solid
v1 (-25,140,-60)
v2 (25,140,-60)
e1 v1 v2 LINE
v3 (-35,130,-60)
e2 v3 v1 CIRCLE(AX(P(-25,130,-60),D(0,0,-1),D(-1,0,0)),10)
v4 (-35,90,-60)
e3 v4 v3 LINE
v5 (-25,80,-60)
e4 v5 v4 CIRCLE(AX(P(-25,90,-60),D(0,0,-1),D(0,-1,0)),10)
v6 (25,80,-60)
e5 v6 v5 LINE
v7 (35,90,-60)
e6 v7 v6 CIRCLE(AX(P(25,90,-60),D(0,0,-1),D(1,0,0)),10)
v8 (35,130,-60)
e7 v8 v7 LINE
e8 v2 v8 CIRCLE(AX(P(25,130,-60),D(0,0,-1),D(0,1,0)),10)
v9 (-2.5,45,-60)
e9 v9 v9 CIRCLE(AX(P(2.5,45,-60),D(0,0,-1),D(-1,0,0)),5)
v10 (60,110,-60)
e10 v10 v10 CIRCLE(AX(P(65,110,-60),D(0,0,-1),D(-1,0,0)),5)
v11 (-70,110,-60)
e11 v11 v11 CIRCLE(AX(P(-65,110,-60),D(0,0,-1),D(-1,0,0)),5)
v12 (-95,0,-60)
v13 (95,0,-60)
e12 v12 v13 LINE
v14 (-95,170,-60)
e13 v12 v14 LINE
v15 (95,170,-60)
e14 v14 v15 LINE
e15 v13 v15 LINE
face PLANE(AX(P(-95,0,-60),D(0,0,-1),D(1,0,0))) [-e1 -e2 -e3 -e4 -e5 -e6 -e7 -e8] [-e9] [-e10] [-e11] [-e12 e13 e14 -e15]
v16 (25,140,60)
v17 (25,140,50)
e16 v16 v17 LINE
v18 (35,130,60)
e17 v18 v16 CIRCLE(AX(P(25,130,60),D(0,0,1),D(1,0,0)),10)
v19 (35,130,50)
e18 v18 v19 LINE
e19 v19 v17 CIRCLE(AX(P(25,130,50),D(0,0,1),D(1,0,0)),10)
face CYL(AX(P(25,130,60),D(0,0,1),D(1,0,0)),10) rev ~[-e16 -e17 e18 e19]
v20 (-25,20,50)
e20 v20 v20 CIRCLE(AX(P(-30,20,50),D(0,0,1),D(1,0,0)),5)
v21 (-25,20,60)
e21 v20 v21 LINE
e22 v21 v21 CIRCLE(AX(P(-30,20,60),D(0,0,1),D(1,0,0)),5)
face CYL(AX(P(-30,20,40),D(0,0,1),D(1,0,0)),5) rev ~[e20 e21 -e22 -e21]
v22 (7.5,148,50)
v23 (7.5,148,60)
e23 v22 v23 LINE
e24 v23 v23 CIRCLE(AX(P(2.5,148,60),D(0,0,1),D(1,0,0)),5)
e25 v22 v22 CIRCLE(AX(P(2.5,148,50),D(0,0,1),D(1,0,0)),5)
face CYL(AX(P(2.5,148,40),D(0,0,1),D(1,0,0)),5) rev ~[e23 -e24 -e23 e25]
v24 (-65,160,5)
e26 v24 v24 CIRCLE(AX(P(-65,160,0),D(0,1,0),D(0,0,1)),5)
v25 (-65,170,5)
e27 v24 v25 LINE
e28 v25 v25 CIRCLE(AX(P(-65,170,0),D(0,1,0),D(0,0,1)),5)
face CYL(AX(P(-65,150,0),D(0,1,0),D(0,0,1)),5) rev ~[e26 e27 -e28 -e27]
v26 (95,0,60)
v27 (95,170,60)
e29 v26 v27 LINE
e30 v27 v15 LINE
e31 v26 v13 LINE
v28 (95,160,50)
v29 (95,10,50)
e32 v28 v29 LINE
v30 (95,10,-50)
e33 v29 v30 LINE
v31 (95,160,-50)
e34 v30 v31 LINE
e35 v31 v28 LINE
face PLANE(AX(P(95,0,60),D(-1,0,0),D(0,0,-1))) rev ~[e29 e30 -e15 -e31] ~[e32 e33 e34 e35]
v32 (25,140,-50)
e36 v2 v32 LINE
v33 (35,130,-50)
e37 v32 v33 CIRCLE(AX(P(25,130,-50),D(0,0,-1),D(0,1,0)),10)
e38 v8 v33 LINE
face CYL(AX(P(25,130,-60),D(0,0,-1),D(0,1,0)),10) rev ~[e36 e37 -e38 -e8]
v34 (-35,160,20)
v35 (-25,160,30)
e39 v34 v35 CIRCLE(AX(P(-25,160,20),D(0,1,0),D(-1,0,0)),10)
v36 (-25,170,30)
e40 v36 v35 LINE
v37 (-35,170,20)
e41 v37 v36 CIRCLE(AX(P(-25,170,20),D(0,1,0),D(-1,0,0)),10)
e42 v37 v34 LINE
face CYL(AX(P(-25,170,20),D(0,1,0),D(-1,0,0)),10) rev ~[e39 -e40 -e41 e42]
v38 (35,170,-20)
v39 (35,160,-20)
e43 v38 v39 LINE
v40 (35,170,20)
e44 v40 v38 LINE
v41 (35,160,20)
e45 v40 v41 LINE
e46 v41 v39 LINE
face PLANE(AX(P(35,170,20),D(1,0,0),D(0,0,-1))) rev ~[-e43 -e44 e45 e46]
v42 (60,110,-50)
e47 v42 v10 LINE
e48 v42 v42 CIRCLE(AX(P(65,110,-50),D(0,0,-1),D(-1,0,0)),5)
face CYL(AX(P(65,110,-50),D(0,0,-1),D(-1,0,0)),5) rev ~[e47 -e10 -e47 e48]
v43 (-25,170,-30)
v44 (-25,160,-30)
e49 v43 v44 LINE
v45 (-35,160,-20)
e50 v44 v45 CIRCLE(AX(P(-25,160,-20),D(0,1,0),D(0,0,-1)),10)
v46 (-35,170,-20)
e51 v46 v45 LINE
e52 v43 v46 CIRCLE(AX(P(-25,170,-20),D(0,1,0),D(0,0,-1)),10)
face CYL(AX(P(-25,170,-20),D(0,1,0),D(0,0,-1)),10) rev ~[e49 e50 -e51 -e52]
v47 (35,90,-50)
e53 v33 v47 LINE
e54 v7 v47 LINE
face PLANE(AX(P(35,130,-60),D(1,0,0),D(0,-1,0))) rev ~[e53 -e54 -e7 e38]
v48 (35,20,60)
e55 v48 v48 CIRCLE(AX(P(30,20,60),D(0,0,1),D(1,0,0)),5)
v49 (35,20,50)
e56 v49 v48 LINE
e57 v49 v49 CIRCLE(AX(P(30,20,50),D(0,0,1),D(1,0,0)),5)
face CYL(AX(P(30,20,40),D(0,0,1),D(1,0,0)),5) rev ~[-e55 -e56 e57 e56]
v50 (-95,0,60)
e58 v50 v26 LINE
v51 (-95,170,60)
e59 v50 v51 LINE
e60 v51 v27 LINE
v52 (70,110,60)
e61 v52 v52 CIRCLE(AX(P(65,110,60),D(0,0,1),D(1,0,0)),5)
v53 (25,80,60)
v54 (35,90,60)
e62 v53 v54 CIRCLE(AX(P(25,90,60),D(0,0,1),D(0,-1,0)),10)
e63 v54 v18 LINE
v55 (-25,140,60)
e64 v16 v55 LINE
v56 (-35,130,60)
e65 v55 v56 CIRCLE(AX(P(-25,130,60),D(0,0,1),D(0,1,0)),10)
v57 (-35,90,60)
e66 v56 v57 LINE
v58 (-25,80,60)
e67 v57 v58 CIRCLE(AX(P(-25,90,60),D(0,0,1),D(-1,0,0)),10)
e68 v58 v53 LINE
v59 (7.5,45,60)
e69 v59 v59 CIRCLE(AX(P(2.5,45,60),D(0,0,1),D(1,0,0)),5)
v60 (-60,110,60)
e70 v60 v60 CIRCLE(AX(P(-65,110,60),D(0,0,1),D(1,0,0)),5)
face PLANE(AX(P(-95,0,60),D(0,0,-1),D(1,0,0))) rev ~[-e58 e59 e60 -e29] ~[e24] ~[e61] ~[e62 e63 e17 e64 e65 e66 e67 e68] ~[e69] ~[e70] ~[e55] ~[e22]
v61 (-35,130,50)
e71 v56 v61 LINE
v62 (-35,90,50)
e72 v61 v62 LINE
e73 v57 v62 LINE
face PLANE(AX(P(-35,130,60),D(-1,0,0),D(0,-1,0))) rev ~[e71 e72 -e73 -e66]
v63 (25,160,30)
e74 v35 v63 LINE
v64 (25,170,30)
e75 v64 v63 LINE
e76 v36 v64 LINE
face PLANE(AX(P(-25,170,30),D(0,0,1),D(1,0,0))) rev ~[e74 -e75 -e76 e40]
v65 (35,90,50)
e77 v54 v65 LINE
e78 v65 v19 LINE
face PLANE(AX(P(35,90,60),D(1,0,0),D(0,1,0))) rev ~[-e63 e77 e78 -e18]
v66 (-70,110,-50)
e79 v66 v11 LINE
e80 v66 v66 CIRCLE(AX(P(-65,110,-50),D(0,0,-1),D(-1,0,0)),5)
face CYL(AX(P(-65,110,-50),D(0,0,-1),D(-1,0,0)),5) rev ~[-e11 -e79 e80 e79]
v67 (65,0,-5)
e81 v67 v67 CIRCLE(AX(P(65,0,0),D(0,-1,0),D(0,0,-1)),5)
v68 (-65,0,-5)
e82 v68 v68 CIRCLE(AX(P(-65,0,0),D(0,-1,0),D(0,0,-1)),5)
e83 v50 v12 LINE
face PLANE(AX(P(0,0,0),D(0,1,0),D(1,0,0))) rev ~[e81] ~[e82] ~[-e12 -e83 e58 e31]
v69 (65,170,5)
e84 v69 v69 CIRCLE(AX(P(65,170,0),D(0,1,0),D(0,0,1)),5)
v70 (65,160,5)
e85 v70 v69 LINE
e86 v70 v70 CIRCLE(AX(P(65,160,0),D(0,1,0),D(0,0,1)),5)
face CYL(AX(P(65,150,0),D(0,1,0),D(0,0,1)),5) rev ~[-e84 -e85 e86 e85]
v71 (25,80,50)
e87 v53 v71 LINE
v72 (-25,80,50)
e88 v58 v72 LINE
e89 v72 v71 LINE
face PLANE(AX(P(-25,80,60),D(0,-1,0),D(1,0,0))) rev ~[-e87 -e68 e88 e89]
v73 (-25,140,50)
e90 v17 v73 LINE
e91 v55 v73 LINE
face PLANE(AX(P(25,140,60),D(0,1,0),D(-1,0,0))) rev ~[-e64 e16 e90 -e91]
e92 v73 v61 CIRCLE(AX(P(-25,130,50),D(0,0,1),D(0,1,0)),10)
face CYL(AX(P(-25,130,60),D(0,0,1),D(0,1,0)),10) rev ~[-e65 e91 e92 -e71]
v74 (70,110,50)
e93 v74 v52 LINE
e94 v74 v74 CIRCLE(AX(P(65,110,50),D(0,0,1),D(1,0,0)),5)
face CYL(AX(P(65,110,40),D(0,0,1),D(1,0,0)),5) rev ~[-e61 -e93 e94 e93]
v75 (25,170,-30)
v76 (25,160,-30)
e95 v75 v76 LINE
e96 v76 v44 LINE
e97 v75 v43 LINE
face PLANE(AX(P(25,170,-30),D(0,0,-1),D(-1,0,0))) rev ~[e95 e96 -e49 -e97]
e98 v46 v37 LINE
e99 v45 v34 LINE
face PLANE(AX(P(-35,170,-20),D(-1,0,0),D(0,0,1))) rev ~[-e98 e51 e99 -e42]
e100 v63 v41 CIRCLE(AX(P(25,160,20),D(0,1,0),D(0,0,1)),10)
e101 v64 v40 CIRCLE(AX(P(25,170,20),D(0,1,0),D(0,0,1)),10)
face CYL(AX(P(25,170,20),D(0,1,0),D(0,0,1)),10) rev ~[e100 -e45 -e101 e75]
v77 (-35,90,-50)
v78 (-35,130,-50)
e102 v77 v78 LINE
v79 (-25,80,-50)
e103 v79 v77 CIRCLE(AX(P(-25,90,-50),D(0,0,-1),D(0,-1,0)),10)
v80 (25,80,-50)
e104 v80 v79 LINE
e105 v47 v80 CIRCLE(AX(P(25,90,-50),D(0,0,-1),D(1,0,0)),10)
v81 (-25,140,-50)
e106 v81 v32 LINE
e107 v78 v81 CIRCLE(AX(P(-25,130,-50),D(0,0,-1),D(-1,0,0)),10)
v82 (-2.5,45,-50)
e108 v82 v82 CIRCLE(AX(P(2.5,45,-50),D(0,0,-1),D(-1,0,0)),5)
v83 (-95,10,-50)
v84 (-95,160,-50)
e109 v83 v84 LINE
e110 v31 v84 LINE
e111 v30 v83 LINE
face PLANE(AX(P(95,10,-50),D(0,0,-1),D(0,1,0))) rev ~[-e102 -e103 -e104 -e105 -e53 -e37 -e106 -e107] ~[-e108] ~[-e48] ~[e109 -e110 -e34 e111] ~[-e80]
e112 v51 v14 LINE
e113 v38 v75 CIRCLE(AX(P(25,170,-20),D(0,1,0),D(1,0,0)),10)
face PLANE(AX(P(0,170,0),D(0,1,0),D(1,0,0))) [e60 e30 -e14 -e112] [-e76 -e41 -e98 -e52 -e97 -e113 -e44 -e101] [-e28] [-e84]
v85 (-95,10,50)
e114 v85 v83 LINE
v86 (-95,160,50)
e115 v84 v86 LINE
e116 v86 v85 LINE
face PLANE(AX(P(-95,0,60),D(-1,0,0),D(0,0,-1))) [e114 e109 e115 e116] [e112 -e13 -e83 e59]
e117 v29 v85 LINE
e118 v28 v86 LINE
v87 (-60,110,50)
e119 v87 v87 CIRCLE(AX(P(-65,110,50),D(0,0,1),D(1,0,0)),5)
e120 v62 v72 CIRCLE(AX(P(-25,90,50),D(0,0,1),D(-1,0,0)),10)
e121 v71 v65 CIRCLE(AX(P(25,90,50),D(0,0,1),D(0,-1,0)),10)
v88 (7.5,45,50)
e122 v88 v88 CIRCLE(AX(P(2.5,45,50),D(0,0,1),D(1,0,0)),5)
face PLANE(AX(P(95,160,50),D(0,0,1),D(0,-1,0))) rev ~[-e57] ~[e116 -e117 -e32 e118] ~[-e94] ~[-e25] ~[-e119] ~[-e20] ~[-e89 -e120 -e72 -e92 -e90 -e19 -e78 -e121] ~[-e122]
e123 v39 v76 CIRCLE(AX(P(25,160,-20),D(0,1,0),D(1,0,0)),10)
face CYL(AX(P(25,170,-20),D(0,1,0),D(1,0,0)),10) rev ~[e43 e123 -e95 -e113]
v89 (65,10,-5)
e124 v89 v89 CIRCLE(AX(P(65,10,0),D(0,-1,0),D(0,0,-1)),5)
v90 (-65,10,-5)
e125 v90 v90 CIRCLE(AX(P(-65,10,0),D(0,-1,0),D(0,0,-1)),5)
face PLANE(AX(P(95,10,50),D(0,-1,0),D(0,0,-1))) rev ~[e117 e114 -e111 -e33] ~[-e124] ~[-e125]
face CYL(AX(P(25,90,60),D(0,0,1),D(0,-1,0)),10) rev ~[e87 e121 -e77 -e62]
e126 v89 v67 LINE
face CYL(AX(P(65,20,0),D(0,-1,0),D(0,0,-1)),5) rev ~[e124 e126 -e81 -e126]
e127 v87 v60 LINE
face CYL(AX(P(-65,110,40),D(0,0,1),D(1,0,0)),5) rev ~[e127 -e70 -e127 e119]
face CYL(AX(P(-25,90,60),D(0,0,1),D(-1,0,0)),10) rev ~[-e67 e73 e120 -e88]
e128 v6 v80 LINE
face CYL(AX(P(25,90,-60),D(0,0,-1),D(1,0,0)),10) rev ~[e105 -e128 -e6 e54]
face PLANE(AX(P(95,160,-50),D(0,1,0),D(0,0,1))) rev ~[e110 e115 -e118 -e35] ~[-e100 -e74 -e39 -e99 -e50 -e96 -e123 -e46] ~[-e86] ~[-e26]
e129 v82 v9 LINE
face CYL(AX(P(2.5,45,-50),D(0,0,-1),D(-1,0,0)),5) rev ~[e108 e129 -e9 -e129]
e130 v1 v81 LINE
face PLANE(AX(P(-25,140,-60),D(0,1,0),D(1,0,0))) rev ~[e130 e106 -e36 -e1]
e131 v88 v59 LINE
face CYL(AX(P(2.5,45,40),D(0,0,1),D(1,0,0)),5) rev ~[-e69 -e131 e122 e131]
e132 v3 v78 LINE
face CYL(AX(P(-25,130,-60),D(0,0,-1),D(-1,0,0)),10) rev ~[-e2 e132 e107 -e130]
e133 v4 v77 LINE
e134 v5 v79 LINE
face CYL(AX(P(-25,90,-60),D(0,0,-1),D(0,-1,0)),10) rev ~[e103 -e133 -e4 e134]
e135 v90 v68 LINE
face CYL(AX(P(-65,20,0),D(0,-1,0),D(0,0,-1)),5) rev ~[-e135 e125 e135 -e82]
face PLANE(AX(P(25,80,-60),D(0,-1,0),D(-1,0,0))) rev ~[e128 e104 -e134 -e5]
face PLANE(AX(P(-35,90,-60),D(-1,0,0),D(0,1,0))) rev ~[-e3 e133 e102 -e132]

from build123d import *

# Parameters (mm, degrees)
SKETCH1_W                        = 190
SKETCH1_H                        = 120
BOSS_EXTRUDE1_DEPTH              = 170
SKETCH2_W                        = 50
SKETCH2_H                        = 75
CUT_EXTRUDE1_DEPTH               = 190
CUT_EXTRUDE2_DEPTH               = 15
CUT_EXTRUDE3_DEPTH               = 15
CUT_EXTRUDE4_DEPTH               = 15
M10X1_0_TAPPED_HOLE1_D           = 9
M10X1_0_TAPPED_HOLE1_DEPTH       = 23
M10X1_0_TAPPED_HOLE1_CBORE_D     = 10
M10X1_0_TAPPED_HOLE1_CBORE_DEPTH = 20
M10X1_0_TAPPED_HOLE1_TIP         = 2.703872786
M10X1_0_TAPPED_HOLE2_D           = 9
M10X1_0_TAPPED_HOLE2_DEPTH       = 23
M10X1_0_TAPPED_HOLE2_CBORE_D     = 10
M10X1_0_TAPPED_HOLE2_CBORE_DEPTH = 20
M10X1_0_TAPPED_HOLE2_TIP         = 2.703872786
M10X1_0_TAPPED_HOLE3_D           = 9
M10X1_0_TAPPED_HOLE3_DEPTH       = 23
M10X1_0_TAPPED_HOLE3_CBORE_D     = 10
M10X1_0_TAPPED_HOLE3_CBORE_DEPTH = 20
M10X1_0_TAPPED_HOLE3_TIP         = 2.703872786
M10X1_0_TAPPED_HOLE4_D           = 9
M10X1_0_TAPPED_HOLE4_DEPTH       = 23
M10X1_0_TAPPED_HOLE4_CBORE_D     = 10
M10X1_0_TAPPED_HOLE4_CBORE_DEPTH = 20
M10X1_0_TAPPED_HOLE4_TIP         = 2.703872786
M10X1_0_TAPPED_HOLE5_D           = 9
M10X1_0_TAPPED_HOLE5_DEPTH       = 23
M10X1_0_TAPPED_HOLE5_CBORE_D     = 10
M10X1_0_TAPPED_HOLE5_CBORE_DEPTH = 20
M10X1_0_TAPPED_HOLE5_TIP         = 2.703872786


with BuildPart() as part:
    # Sketch1 → Boss-Extrude1 (new body)
    with BuildSketch(Plane(origin=(0, 0, 0), x_dir=(1, 0, 0), z_dir=(0, 1, 0))):
        Rectangle(SKETCH1_W, SKETCH1_H)
    extrude(amount=BOSS_EXTRUDE1_DEPTH)

    # Sketch2 → Cut-Extrude1 (cut)
    with BuildSketch(Plane(origin=(95, 0, 0), x_dir=(0, 0, -1), z_dir=(1, 0, 0))):
        with Locations((-25, 122.5)):
            Rectangle(SKETCH2_W, SKETCH2_H)
        with Locations((25, 122.5)):
            Rectangle(SKETCH2_W, SKETCH2_H)
        with Locations((25, 47.5)):
            Rectangle(SKETCH2_W, SKETCH2_H)
        with Locations((-25, 47.5)):
            Rectangle(SKETCH2_W, SKETCH2_H)
    extrude(amount=-CUT_EXTRUDE1_DEPTH, mode=Mode.SUBTRACT)

    # Sketch3 → Cut-Extrude2 (cut)
    with BuildSketch(Plane.XY.offset(60)):
        with BuildLine():
            Line((-25, 80), (25, 80))
            ThreePointArc((25, 80), (32.071067812, 82.928932188), (35, 90))
            Line((35, 90), (35, 130))
            ThreePointArc((35, 130), (32.071067812, 137.071067812), (25, 140))
            Line((25, 140), (-25, 140))
            ThreePointArc((-25, 140), (-32.071067812, 137.071067812), (-35, 130))
            Line((-35, 130), (-35, 90))
            ThreePointArc((-35, 90), (-32.071067812, 82.928932188), (-25, 80))
        make_face()
    extrude(amount=-CUT_EXTRUDE2_DEPTH, mode=Mode.SUBTRACT)

    # Sketch4 → Cut-Extrude3 (cut)
    with BuildSketch(Plane(origin=(0, 0, -60), x_dir=(-1, 0, 0), z_dir=(0, 0, -1))):
        with BuildLine():
            Line((-25, 80), (25, 80))
            ThreePointArc((25, 80), (32.071067812, 82.928932188), (35, 90))
            Line((35, 90), (35, 130))
            ThreePointArc((35, 130), (32.071067812, 137.071067812), (25, 140))
            Line((25, 140), (-25, 140))
            ThreePointArc((-25, 140), (-32.071067812, 137.071067812), (-35, 130))
            Line((-35, 130), (-35, 90))
            ThreePointArc((-35, 90), (-32.071067812, 82.928932188), (-25, 80))
        make_face()
    extrude(amount=-CUT_EXTRUDE3_DEPTH, mode=Mode.SUBTRACT)

    # Sketch5 → Cut-Extrude4 (cut)
    with BuildSketch(Plane(origin=(0, 170, 0), x_dir=(1, 0, 0), z_dir=(0, 1, 0))):
        with BuildLine():
            Line((-25, -30), (25, -30))
            ThreePointArc((25, -30), (32.071067812, -27.071067812), (35, -20))
            Line((35, -20), (35, 20))
            ThreePointArc((35, 20), (32.071067812, 27.071067812), (25, 30))
            Line((25, 30), (-25, 30))
            ThreePointArc((-25, 30), (-32.071067812, 27.071067812), (-35, 20))
            Line((-35, 20), (-35, -20))
            ThreePointArc((-35, -20), (-32.071067812, -27.071067812), (-25, -30))
        make_face()
    extrude(amount=-CUT_EXTRUDE4_DEPTH, mode=Mode.SUBTRACT)

    # M10x1.0 Tapped Hole1
    with Locations(Plane(origin=(65, 110, -70), x_dir=(-1, 0, 0), z_dir=(0, 0, -1))):
        with Locations((0, 0), (130, 0), (62.5, -65)):
            CounterBoreHole(M10X1_0_TAPPED_HOLE1_D / 2, M10X1_0_TAPPED_HOLE1_CBORE_D / 2, M10X1_0_TAPPED_HOLE1_CBORE_DEPTH, depth=M10X1_0_TAPPED_HOLE1_DEPTH)
            with Locations((0, 0, -(M10X1_0_TAPPED_HOLE1_DEPTH + M10X1_0_TAPPED_HOLE1_TIP / 2))):  # 118° drill point
                Cone(0, M10X1_0_TAPPED_HOLE1_D / 2, M10X1_0_TAPPED_HOLE1_TIP, mode=Mode.SUBTRACT)

    # M10x1.0 Tapped Hole2
    with Locations(Plane(origin=(-65, 170, 0), x_dir=(0, 0, 1), z_dir=(0, 1, 0))):
        with Locations((0, 0), (0, 130)):
            CounterBoreHole(M10X1_0_TAPPED_HOLE2_D / 2, M10X1_0_TAPPED_HOLE2_CBORE_D / 2, M10X1_0_TAPPED_HOLE2_CBORE_DEPTH, depth=M10X1_0_TAPPED_HOLE2_DEPTH)
            with Locations((0, 0, -(M10X1_0_TAPPED_HOLE2_DEPTH + M10X1_0_TAPPED_HOLE2_TIP / 2))):  # 118° drill point
                Cone(0, M10X1_0_TAPPED_HOLE2_D / 2, M10X1_0_TAPPED_HOLE2_TIP, mode=Mode.SUBTRACT)

    # M10x1.0 Tapped Hole3
    with Locations(Plane(origin=(-65, 110, 60), x_dir=(1, 0, 0), z_dir=(0, 0, 1))):
        with Locations((0, 0), (130, 0), (67.5, -65), (67.5, 38)):
            CounterBoreHole(M10X1_0_TAPPED_HOLE3_D / 2, M10X1_0_TAPPED_HOLE3_CBORE_D / 2, M10X1_0_TAPPED_HOLE3_CBORE_DEPTH, depth=M10X1_0_TAPPED_HOLE3_DEPTH)
            with Locations((0, 0, -(M10X1_0_TAPPED_HOLE3_DEPTH + M10X1_0_TAPPED_HOLE3_TIP / 2))):  # 118° drill point
                Cone(0, M10X1_0_TAPPED_HOLE3_D / 2, M10X1_0_TAPPED_HOLE3_TIP, mode=Mode.SUBTRACT)

    # M10x1.0 Tapped Hole4
    with Locations(Plane(origin=(65, 0, 0), x_dir=(0, 0, -1), z_dir=(0, -1, 0))):
        with Locations((0, 0), (0, -130)):
            CounterBoreHole(M10X1_0_TAPPED_HOLE4_D / 2, M10X1_0_TAPPED_HOLE4_CBORE_D / 2, M10X1_0_TAPPED_HOLE4_CBORE_DEPTH, depth=M10X1_0_TAPPED_HOLE4_DEPTH)
            with Locations((0, 0, -(M10X1_0_TAPPED_HOLE4_DEPTH + M10X1_0_TAPPED_HOLE4_TIP / 2))):  # 118° drill point
                Cone(0, M10X1_0_TAPPED_HOLE4_D / 2, M10X1_0_TAPPED_HOLE4_TIP, mode=Mode.SUBTRACT)

    # M10x1.0 Tapped Hole5
    with Locations(Plane(origin=(-30, 20, 60), x_dir=(1, 0, 0), z_dir=(0, 0, 1))):
        with Locations((0, 0), (60, 0)):
            CounterBoreHole(M10X1_0_TAPPED_HOLE5_D / 2, M10X1_0_TAPPED_HOLE5_CBORE_D / 2, M10X1_0_TAPPED_HOLE5_CBORE_DEPTH, depth=M10X1_0_TAPPED_HOLE5_DEPTH)
            with Locations((0, 0, -(M10X1_0_TAPPED_HOLE5_DEPTH + M10X1_0_TAPPED_HOLE5_TIP / 2))):  # 118° drill point
                Cone(0, M10X1_0_TAPPED_HOLE5_D / 2, M10X1_0_TAPPED_HOLE5_TIP, mode=Mode.SUBTRACT)


solid = part.part
